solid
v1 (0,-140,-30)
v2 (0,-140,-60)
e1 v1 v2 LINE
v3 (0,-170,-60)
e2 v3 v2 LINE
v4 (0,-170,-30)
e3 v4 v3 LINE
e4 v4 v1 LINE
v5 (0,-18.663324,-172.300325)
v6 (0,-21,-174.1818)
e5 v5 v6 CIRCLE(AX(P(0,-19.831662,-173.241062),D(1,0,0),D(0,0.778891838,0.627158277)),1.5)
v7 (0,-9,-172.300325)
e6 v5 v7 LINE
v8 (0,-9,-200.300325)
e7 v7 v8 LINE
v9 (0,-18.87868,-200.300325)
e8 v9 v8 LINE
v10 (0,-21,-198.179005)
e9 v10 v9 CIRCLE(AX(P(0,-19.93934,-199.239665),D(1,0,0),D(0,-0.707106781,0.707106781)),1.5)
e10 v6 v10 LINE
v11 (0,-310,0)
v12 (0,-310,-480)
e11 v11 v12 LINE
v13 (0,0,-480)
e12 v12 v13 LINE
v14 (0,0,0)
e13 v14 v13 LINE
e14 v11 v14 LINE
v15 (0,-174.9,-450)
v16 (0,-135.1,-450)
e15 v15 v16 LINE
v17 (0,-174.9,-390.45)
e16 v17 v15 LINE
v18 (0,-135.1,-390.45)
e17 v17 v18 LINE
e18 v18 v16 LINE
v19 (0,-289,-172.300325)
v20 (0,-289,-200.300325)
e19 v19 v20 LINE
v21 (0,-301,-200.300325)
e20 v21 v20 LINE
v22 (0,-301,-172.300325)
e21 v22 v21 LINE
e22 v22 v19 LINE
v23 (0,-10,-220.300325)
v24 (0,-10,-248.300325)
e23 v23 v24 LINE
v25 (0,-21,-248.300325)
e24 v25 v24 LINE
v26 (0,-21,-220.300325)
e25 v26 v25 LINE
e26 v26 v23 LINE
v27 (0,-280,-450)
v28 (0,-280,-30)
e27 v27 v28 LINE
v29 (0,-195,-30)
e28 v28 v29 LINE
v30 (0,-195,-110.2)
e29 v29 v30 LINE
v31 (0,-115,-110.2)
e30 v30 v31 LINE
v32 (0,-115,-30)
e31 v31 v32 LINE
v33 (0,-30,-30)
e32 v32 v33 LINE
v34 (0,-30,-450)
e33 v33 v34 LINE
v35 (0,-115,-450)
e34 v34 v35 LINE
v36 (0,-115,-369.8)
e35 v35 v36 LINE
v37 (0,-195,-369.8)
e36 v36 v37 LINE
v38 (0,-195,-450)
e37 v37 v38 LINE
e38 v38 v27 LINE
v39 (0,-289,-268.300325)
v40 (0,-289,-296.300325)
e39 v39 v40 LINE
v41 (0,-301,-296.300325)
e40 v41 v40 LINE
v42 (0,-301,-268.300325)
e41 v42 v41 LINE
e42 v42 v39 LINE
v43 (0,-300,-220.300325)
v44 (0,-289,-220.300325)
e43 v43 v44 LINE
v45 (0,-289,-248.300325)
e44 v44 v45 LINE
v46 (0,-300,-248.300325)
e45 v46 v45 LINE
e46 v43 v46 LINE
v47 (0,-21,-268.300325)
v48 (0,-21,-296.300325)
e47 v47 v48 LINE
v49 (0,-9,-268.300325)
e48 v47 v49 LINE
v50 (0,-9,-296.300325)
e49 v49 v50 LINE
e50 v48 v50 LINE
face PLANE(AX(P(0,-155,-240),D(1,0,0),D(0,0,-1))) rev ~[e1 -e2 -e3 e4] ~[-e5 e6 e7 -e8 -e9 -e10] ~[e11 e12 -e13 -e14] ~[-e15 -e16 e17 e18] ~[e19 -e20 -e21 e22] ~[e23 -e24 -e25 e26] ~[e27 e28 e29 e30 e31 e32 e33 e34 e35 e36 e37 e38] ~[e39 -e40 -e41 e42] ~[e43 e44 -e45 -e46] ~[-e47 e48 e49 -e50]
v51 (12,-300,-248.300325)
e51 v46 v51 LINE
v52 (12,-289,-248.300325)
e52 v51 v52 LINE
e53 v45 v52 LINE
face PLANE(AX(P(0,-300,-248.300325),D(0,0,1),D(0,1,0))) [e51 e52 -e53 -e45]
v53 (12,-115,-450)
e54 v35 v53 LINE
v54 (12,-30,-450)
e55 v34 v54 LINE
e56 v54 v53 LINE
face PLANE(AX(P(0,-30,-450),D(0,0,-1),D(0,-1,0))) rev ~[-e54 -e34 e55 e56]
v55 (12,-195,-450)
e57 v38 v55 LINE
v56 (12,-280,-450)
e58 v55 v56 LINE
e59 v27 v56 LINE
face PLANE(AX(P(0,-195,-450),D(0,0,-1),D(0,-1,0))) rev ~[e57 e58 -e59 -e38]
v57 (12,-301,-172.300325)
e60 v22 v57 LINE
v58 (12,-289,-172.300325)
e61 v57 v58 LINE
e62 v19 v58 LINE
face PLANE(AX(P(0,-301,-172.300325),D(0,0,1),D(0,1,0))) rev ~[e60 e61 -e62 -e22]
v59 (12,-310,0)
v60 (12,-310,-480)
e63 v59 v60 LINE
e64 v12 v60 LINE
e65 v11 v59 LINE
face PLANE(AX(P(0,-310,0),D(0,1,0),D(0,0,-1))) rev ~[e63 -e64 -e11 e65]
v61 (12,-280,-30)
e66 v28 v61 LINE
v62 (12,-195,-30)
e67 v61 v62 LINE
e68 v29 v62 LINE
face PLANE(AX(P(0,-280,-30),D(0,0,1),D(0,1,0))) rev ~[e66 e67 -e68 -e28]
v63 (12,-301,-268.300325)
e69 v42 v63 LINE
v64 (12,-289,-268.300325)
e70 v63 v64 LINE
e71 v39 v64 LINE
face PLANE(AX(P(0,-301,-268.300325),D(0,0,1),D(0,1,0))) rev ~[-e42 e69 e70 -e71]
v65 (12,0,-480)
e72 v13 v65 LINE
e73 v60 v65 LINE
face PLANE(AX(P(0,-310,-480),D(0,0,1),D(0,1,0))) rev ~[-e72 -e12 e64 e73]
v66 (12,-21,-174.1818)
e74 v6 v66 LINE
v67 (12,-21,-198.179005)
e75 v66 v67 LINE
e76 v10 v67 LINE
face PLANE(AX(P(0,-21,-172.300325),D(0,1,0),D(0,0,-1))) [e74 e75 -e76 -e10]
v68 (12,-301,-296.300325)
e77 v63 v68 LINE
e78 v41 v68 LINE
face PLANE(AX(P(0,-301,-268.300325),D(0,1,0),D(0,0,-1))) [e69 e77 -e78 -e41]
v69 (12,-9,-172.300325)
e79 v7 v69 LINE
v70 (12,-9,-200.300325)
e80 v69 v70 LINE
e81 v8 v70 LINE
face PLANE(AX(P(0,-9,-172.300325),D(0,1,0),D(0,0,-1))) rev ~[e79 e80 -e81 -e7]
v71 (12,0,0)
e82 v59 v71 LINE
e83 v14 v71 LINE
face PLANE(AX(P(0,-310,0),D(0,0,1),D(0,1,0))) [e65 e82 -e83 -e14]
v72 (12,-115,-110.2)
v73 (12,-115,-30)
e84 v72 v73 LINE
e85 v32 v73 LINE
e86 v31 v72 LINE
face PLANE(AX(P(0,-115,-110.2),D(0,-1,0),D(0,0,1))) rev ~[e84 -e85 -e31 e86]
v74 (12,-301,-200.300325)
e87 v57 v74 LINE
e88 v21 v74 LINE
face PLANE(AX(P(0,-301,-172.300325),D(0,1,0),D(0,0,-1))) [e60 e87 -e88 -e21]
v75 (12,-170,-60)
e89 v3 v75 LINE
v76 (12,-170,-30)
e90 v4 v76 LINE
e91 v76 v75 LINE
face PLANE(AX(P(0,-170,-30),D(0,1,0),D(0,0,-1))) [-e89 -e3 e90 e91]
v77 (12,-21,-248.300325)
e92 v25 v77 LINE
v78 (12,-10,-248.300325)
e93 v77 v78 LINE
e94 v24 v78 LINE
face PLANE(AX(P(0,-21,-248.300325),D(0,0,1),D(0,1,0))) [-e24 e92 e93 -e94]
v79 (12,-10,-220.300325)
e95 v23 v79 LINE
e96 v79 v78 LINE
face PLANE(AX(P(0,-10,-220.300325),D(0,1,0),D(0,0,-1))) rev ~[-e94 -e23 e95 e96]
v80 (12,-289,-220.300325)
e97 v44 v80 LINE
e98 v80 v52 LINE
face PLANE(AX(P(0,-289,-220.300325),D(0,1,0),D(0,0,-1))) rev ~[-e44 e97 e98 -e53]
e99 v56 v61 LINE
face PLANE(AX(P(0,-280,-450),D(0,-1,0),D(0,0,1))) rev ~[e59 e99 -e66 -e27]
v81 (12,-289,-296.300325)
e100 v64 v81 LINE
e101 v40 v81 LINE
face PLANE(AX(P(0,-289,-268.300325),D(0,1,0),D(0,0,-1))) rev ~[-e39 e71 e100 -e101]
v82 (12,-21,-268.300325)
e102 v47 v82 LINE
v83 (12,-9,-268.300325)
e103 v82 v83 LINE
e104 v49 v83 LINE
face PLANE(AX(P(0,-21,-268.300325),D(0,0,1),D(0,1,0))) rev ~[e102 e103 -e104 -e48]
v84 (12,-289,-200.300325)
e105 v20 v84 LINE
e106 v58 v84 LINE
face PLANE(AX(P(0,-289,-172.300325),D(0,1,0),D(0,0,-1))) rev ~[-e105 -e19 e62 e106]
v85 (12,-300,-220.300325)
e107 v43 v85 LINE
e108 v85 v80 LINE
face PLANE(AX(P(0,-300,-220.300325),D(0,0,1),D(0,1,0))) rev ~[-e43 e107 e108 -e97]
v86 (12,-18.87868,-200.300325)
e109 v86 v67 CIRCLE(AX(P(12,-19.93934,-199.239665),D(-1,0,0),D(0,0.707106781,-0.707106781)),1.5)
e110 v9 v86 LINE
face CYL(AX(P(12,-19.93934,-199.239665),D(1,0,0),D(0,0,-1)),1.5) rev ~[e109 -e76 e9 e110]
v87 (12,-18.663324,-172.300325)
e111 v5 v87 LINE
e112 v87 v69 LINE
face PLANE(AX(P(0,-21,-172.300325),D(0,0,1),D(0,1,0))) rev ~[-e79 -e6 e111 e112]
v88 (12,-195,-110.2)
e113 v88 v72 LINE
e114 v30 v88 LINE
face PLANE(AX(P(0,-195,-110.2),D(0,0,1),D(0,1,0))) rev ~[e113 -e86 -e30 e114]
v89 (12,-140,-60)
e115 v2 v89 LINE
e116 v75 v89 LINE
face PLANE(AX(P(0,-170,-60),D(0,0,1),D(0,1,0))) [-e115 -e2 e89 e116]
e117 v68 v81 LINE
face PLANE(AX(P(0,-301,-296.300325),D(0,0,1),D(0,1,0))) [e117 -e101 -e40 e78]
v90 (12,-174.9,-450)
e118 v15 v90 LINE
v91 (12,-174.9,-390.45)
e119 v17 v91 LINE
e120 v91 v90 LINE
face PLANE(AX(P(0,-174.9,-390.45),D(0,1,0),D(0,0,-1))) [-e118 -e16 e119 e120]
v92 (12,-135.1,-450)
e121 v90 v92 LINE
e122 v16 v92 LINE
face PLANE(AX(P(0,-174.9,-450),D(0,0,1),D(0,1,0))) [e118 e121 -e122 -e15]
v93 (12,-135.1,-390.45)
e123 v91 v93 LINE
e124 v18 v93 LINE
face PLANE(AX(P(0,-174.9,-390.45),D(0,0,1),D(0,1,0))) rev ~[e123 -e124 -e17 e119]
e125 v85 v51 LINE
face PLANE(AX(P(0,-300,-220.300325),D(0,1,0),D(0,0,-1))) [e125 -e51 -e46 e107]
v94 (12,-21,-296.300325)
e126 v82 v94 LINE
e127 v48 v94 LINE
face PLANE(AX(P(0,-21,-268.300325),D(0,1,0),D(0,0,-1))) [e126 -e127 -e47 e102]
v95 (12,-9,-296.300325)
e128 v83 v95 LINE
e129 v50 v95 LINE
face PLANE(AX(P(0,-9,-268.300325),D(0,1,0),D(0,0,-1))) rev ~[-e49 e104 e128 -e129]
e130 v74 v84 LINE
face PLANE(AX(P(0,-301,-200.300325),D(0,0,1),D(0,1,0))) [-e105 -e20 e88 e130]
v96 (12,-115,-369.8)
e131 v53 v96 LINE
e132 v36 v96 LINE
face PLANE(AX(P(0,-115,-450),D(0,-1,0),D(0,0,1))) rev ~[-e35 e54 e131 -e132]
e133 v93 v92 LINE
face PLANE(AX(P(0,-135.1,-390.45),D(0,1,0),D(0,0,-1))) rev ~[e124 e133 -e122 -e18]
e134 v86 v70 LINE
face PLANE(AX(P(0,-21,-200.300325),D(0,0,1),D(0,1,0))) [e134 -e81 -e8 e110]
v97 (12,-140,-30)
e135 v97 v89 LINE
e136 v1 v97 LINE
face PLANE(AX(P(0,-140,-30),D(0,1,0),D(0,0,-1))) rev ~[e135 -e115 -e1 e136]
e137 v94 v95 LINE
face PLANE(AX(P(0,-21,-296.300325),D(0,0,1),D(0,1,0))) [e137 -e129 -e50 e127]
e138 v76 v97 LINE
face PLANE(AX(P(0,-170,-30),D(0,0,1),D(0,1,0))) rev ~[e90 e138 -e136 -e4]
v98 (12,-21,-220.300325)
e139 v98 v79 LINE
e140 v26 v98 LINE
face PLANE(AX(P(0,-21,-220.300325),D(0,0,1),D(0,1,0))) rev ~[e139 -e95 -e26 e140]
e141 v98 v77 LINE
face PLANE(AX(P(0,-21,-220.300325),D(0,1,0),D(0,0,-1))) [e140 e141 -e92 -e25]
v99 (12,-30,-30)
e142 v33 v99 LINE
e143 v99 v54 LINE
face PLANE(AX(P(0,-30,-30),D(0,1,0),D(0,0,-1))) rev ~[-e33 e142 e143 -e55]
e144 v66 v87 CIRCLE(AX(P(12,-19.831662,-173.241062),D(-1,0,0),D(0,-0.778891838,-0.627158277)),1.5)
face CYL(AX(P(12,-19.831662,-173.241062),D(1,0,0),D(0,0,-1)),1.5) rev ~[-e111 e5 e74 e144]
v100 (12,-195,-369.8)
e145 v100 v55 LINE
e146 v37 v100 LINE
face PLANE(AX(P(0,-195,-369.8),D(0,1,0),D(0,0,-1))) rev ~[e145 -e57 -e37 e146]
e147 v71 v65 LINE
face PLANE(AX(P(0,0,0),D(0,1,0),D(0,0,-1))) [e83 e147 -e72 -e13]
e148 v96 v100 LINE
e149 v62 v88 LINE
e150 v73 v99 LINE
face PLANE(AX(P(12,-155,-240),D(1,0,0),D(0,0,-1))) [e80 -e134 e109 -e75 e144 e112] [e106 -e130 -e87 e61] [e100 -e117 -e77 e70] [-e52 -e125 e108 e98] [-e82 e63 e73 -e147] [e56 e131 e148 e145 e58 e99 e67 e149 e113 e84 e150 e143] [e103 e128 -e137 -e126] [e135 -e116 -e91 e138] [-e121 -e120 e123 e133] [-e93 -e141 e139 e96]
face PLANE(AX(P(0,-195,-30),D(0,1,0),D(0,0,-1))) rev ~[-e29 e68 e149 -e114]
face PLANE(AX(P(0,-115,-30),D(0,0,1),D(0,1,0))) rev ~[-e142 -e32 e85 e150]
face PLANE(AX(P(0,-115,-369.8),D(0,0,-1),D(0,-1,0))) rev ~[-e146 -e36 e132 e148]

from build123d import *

# Parameters (mm, degrees)
CROQUIS1_W              = 480
CROQUIS1_H              = 310
CROQUIS1_W_2            = 28
CROQUIS1_H_2            = 12
CROQUIS1_H_3            = 11
CROQUIS1_W_3            = 30
CROQUIS1_H_4            = 30
CROQUIS1_W_4            = 59.55
CROQUIS1_H_5            = 39.8
SALIENTE_EXTRUIR1_DEPTH = 12
CROQUIS6_R              = 1.5
CORTAR_EXTRUIR2_DEPTH   = 12


with BuildPart() as part:
    # Croquis1 → Saliente-Extruir1 (new body)
    with BuildSketch(Plane(origin=(0, 0, 0), x_dir=(0, 0, -1), z_dir=(1, 0, 0))):
        with Locations((240, -155)):
            Rectangle(CROQUIS1_W, CROQUIS1_H)
        Polygon((30, -30), (450, -30), (450, -115), (369.8, -115), (369.8, -195), (450, -195), (450, -280), (30, -280), (30, -195), (110.2, -195), (110.2, -115), (30, -115), align=None, mode=Mode.SUBTRACT)
        with Locations((282.300325034, -295)):
            Rectangle(CROQUIS1_W_2, CROQUIS1_H_2, mode=Mode.SUBTRACT)
        with Locations((234.300325034, -294.5)):
            Rectangle(CROQUIS1_W_2, CROQUIS1_H_3, mode=Mode.SUBTRACT)
        with Locations((186.300325034, -295)):
            Rectangle(CROQUIS1_W_2, CROQUIS1_H_2, mode=Mode.SUBTRACT)
        with Locations((186.300325034, -15)):
            Rectangle(CROQUIS1_W_2, CROQUIS1_H_2, mode=Mode.SUBTRACT)
        with Locations((282.300325034, -15)):
            Rectangle(CROQUIS1_W_2, CROQUIS1_H_2, mode=Mode.SUBTRACT)
        with Locations((234.300325034, -15.5)):
            Rectangle(CROQUIS1_W_2, CROQUIS1_H_3, mode=Mode.SUBTRACT)
        with Locations((45, -155)):
            Rectangle(CROQUIS1_W_3, CROQUIS1_H_4, mode=Mode.SUBTRACT)
        with Locations((420.225, -155)):
            Rectangle(CROQUIS1_W_4, CROQUIS1_H_5, mode=Mode.SUBTRACT)
    extrude(amount=SALIENTE_EXTRUIR1_DEPTH)

    # Croquis6 → Cortar-Extruir2 (cut)
    with BuildSketch(Plane(origin=(12, 0, 0), x_dir=(0, 0, -1), z_dir=(1, 0, 0))):
        with Locations((173.24106245, -19.831662243)):
            Circle(CROQUIS6_R)
        with Locations((199.239664862, -19.939339828)):
            Circle(CROQUIS6_R)
    extrude(amount=-CORTAR_EXTRUIR2_DEPTH, mode=Mode.SUBTRACT)


solid = part.part
